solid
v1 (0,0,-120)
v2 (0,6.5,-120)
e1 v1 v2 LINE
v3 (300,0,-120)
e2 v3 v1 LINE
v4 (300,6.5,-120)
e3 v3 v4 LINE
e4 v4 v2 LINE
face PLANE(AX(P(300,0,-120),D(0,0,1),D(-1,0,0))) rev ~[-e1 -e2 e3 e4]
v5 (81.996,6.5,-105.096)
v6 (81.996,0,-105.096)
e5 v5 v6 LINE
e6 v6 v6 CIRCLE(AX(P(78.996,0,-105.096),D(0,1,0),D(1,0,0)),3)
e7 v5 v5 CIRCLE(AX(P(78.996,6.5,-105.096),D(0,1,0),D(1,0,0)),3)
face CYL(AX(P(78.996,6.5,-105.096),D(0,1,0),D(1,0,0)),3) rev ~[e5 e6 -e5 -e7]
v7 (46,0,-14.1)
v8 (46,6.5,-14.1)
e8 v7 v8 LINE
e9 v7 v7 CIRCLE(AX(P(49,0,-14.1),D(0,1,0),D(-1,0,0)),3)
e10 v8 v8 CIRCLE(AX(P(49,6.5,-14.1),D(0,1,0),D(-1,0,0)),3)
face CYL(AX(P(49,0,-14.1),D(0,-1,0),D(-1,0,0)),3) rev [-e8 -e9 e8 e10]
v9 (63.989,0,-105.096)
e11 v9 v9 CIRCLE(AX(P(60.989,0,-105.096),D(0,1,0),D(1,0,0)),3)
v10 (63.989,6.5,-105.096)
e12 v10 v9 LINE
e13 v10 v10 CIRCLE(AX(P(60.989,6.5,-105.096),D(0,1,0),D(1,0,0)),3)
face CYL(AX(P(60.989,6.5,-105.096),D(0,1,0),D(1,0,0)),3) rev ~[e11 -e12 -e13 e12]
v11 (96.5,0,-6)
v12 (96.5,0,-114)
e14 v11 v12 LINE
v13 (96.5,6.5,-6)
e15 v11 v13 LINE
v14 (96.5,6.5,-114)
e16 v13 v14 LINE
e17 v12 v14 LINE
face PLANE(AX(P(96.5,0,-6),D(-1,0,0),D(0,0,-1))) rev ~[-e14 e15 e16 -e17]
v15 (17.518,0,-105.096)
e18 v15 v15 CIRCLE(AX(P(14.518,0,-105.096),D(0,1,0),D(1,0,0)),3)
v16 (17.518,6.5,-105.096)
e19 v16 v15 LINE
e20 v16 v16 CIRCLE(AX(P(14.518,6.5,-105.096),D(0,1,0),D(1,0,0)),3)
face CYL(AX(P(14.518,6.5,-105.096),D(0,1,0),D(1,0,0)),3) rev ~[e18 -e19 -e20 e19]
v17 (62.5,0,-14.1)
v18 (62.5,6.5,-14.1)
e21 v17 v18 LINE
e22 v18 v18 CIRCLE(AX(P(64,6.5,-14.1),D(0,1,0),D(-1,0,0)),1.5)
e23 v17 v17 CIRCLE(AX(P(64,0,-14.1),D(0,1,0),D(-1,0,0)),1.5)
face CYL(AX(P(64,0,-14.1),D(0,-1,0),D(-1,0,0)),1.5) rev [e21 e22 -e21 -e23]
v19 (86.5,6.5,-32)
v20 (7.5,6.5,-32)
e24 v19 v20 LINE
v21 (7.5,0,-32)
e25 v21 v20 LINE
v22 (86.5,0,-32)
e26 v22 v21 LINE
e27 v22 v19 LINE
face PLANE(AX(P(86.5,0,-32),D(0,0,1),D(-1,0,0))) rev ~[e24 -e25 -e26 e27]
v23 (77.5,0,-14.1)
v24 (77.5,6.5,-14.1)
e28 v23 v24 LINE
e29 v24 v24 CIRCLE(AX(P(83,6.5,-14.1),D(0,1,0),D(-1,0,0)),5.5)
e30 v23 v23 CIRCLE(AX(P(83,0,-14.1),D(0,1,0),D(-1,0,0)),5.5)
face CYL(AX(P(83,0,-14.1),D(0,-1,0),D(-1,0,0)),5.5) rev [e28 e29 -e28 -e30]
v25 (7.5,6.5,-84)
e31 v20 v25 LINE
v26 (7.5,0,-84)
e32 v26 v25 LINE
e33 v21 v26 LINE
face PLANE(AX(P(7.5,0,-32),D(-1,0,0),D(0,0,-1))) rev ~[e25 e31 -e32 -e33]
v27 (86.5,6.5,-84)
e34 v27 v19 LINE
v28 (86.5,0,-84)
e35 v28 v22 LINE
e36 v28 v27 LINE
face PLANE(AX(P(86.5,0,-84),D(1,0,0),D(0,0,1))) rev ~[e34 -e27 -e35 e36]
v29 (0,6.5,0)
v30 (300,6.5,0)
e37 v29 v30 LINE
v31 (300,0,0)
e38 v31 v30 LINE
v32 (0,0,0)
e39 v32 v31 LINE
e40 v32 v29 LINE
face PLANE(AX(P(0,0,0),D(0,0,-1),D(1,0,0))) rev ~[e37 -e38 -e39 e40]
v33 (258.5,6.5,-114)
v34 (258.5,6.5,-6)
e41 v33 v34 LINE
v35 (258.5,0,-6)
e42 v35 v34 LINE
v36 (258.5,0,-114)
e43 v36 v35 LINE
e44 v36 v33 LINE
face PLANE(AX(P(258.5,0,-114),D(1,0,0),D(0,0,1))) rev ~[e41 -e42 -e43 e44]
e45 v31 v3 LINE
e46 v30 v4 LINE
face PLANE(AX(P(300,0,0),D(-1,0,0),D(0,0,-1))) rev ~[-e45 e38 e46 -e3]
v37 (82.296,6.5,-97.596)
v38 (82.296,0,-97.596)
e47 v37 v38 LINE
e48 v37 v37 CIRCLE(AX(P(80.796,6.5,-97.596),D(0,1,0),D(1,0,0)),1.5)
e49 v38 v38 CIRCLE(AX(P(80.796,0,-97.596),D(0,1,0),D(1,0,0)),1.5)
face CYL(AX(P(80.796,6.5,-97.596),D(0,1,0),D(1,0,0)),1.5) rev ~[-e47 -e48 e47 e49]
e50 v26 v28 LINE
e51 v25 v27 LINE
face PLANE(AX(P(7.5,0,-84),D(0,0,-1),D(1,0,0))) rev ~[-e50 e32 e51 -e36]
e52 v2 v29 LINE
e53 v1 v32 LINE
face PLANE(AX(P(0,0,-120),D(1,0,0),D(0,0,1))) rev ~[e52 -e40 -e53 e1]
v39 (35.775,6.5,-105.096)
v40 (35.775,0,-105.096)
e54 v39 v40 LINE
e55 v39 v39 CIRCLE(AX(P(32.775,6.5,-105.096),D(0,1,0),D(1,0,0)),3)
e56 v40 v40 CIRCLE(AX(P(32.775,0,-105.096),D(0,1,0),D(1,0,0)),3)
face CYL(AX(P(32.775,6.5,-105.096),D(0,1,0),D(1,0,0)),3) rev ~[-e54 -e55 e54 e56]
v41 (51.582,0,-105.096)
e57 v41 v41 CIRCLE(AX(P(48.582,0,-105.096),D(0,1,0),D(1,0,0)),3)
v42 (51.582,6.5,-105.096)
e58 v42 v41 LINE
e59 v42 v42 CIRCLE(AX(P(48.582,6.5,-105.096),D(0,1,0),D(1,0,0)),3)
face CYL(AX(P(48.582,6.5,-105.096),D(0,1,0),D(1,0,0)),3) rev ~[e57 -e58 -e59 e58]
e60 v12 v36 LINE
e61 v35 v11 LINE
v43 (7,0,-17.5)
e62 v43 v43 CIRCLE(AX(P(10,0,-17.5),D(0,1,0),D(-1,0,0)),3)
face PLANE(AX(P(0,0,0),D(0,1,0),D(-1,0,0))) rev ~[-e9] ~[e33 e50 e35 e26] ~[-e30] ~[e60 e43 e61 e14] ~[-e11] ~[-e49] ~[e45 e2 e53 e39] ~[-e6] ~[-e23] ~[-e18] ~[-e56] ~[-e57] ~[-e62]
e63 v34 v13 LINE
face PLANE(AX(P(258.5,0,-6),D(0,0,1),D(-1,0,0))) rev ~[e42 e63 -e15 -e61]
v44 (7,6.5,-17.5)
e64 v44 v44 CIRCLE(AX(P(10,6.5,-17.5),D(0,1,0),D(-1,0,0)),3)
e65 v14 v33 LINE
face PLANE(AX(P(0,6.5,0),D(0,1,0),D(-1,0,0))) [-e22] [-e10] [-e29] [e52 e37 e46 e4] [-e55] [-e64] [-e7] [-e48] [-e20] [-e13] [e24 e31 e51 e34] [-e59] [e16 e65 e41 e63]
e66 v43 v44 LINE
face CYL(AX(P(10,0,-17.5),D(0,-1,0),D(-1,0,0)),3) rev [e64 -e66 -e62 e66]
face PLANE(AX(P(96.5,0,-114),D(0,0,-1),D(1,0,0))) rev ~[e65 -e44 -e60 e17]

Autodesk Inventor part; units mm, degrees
ref_plane "YZ Plane" through (0, 0, 0) normal (1, 0, 0) x (0, 1, 0)
ref_plane "XZ Plane" through (0, 0, 0) normal (0, 1, 0) x (-1, 0, 0)
ref_plane "XY Plane" through (0, 0, 0) normal (0, 0, 1) x (1, 0, 0)
sketch "Sketch1" plane through (0, 0, 0) normal (0, 1, 0) x (-1, 0, 0)
  line L0 (0, 0) -> (-300, 0)
  line L1 (-300, 0) -> (-300, -120)
  line L2 (-300, -120) -> (0, -120)
  line L3 (0, -120) -> (0, 0)
  line L4 (-96.5, -114) -> (-258.5, -114)
  line L5 (-258.5, -114) -> (-258.5, -6)
  line L6 (-258.5, -6) -> (-96.5, -6)
  line L7 (-96.5, -6) -> (-96.5, -114)
  circle A0 centre (-10, -17.5) radius 3
  circle A1 centre (-49, -14.1) radius 3
  circle A2 centre (-64, -14.1) radius 1.5
  circle A3 centre (-83, -14.1) radius 5.5
  circle A4 centre (-64, -14.1) radius 5.85 construction
  line L8 (-46, -17.1) -> (-52, -17.1) construction
  line L9 (-52, -17.1) -> (-52, -11.1) construction
  line L10 (-52, -11.1) -> (-46, -11.1) construction
  line L11 (-46, -11.1) -> (-46, -17.1) construction
  line L12 (-76.25, -20.1) -> (-89.75, -20.1) construction
  line L13 (-89.75, -20.1) -> (-89.75, -8.1) construction
  line L14 (-89.75, -8.1) -> (-76.25, -8.1) construction
  line L15 (-76.25, -8.1) -> (-76.25, -20.1) construction
  line L16 (-7.5, -84) -> (-86.5, -84)
  line L17 (-86.5, -84) -> (-86.5, -32)
  line L18 (-86.5, -32) -> (-7.5, -32)
  line L19 (-7.5, -32) -> (-7.5, -84)
  line L20 (-8, -83.5) -> (-86, -83.5) construction
  line L21 (-86, -83.5) -> (-86, -32.5) construction
  line L22 (-86, -32.5) -> (-8, -32.5) construction
  line L23 (-8, -32.5) -> (-8, -83.5) construction
  line L24 (-0.5, -93) -> (-93.5, -93) construction
  line L25 (-93.5, -93) -> (-93.5, -6) construction
  line L26 (-93.5, -6) -> (-0.5, -6) construction
  line L27 (-0.5, -6) -> (-0.5, -93) construction
  point P0 (-49, -17.1)
  point P1 (-52, -14.1)
  point P2 (-83, -20.1)
  point P3 (-89.75, -14.1)
  point P4 (-47, -83.5)
  point P5 (-47, -84)
  point P6 (-86, -58)
  point P7 (-86.5, -58)
  dimension "d0" = 300
  dimension "d1" = 6
  dimension "d4" = 3
  dimension "d5" = 11
  dimension "d6" = 6
  dimension "d7" = 19
  dimension "d8" = 15
  dimension "d9" = 11.7
  dimension "d10" = 6
  dimension "d11" = 13.5
  dimension "d12" = 12
  dimension "d15" = 162
  dimension "d16" = 108
  dimension "d18" = 6
  dimension "d19" = 6
  dimension "d20" = 79
  dimension "d21" = 52
  dimension "d22" = 78
  dimension "d23" = 51
  dimension "d24" = 18.4
  dimension "d25" = 7.5
  dimension "d27" = 87
  dimension "d28" = 9.5
  dimension "d29" = 10
  dimension "d30" = 0.5
  dimension "d33" = 6
  dimension "d34" = 15
  dimension "d35" = 9.5
  dimension "d36" = 10.5
  dimension "d37" = 93
extrude "Extrusion1" add sketch "Sketch1" along normal blind 6.5
sketch "Sketch2" plane through (0, 6.5, 0) normal (0, 1, 0) x (1, 0, 0)
  line L0 (7.5, 84) -> (86.5, 84) projected
  circle A0 centre (14.518, 105.096) radius 3
  circle A1 centre (32.775, 105.096) radius 3
  circle A2 centre (60.989, 105.096) radius 3
  circle A3 centre (78.996, 105.096) radius 3
  circle A4 centre (48.582, 105.096) radius 3
  circle A5 centre (80.796, 97.596) radius 1.5
  line L1 (9, 110.1) -> (85, 110.1) construction
  line L2 (85, 110.1) -> (85, 94) construction
  line L3 (85, 94) -> (9, 94) construction
  line L4 (9, 94) -> (9, 110.1) construction
  point P0 (47, 84)
  point P1 (47, 94)
  dimension "d38" = 6
  dimension "d39" = 18.257
  dimension "d40" = 15.807
  dimension "d41" = 12.407
  dimension "d42" = 18.007
  dimension "d43" = 3
  dimension "d44" = 1.8
  dimension "d45" = 7.5
  dimension "d46" = 76
  dimension "d47" = 16.1
  dimension "d48" = 5.004
  dimension "d49" = 5.518
  dimension "d50" = 10
extrude "Extrusion2" cut sketch "Sketch2" against normal through all
properties part number "main_lcd_front_2"
